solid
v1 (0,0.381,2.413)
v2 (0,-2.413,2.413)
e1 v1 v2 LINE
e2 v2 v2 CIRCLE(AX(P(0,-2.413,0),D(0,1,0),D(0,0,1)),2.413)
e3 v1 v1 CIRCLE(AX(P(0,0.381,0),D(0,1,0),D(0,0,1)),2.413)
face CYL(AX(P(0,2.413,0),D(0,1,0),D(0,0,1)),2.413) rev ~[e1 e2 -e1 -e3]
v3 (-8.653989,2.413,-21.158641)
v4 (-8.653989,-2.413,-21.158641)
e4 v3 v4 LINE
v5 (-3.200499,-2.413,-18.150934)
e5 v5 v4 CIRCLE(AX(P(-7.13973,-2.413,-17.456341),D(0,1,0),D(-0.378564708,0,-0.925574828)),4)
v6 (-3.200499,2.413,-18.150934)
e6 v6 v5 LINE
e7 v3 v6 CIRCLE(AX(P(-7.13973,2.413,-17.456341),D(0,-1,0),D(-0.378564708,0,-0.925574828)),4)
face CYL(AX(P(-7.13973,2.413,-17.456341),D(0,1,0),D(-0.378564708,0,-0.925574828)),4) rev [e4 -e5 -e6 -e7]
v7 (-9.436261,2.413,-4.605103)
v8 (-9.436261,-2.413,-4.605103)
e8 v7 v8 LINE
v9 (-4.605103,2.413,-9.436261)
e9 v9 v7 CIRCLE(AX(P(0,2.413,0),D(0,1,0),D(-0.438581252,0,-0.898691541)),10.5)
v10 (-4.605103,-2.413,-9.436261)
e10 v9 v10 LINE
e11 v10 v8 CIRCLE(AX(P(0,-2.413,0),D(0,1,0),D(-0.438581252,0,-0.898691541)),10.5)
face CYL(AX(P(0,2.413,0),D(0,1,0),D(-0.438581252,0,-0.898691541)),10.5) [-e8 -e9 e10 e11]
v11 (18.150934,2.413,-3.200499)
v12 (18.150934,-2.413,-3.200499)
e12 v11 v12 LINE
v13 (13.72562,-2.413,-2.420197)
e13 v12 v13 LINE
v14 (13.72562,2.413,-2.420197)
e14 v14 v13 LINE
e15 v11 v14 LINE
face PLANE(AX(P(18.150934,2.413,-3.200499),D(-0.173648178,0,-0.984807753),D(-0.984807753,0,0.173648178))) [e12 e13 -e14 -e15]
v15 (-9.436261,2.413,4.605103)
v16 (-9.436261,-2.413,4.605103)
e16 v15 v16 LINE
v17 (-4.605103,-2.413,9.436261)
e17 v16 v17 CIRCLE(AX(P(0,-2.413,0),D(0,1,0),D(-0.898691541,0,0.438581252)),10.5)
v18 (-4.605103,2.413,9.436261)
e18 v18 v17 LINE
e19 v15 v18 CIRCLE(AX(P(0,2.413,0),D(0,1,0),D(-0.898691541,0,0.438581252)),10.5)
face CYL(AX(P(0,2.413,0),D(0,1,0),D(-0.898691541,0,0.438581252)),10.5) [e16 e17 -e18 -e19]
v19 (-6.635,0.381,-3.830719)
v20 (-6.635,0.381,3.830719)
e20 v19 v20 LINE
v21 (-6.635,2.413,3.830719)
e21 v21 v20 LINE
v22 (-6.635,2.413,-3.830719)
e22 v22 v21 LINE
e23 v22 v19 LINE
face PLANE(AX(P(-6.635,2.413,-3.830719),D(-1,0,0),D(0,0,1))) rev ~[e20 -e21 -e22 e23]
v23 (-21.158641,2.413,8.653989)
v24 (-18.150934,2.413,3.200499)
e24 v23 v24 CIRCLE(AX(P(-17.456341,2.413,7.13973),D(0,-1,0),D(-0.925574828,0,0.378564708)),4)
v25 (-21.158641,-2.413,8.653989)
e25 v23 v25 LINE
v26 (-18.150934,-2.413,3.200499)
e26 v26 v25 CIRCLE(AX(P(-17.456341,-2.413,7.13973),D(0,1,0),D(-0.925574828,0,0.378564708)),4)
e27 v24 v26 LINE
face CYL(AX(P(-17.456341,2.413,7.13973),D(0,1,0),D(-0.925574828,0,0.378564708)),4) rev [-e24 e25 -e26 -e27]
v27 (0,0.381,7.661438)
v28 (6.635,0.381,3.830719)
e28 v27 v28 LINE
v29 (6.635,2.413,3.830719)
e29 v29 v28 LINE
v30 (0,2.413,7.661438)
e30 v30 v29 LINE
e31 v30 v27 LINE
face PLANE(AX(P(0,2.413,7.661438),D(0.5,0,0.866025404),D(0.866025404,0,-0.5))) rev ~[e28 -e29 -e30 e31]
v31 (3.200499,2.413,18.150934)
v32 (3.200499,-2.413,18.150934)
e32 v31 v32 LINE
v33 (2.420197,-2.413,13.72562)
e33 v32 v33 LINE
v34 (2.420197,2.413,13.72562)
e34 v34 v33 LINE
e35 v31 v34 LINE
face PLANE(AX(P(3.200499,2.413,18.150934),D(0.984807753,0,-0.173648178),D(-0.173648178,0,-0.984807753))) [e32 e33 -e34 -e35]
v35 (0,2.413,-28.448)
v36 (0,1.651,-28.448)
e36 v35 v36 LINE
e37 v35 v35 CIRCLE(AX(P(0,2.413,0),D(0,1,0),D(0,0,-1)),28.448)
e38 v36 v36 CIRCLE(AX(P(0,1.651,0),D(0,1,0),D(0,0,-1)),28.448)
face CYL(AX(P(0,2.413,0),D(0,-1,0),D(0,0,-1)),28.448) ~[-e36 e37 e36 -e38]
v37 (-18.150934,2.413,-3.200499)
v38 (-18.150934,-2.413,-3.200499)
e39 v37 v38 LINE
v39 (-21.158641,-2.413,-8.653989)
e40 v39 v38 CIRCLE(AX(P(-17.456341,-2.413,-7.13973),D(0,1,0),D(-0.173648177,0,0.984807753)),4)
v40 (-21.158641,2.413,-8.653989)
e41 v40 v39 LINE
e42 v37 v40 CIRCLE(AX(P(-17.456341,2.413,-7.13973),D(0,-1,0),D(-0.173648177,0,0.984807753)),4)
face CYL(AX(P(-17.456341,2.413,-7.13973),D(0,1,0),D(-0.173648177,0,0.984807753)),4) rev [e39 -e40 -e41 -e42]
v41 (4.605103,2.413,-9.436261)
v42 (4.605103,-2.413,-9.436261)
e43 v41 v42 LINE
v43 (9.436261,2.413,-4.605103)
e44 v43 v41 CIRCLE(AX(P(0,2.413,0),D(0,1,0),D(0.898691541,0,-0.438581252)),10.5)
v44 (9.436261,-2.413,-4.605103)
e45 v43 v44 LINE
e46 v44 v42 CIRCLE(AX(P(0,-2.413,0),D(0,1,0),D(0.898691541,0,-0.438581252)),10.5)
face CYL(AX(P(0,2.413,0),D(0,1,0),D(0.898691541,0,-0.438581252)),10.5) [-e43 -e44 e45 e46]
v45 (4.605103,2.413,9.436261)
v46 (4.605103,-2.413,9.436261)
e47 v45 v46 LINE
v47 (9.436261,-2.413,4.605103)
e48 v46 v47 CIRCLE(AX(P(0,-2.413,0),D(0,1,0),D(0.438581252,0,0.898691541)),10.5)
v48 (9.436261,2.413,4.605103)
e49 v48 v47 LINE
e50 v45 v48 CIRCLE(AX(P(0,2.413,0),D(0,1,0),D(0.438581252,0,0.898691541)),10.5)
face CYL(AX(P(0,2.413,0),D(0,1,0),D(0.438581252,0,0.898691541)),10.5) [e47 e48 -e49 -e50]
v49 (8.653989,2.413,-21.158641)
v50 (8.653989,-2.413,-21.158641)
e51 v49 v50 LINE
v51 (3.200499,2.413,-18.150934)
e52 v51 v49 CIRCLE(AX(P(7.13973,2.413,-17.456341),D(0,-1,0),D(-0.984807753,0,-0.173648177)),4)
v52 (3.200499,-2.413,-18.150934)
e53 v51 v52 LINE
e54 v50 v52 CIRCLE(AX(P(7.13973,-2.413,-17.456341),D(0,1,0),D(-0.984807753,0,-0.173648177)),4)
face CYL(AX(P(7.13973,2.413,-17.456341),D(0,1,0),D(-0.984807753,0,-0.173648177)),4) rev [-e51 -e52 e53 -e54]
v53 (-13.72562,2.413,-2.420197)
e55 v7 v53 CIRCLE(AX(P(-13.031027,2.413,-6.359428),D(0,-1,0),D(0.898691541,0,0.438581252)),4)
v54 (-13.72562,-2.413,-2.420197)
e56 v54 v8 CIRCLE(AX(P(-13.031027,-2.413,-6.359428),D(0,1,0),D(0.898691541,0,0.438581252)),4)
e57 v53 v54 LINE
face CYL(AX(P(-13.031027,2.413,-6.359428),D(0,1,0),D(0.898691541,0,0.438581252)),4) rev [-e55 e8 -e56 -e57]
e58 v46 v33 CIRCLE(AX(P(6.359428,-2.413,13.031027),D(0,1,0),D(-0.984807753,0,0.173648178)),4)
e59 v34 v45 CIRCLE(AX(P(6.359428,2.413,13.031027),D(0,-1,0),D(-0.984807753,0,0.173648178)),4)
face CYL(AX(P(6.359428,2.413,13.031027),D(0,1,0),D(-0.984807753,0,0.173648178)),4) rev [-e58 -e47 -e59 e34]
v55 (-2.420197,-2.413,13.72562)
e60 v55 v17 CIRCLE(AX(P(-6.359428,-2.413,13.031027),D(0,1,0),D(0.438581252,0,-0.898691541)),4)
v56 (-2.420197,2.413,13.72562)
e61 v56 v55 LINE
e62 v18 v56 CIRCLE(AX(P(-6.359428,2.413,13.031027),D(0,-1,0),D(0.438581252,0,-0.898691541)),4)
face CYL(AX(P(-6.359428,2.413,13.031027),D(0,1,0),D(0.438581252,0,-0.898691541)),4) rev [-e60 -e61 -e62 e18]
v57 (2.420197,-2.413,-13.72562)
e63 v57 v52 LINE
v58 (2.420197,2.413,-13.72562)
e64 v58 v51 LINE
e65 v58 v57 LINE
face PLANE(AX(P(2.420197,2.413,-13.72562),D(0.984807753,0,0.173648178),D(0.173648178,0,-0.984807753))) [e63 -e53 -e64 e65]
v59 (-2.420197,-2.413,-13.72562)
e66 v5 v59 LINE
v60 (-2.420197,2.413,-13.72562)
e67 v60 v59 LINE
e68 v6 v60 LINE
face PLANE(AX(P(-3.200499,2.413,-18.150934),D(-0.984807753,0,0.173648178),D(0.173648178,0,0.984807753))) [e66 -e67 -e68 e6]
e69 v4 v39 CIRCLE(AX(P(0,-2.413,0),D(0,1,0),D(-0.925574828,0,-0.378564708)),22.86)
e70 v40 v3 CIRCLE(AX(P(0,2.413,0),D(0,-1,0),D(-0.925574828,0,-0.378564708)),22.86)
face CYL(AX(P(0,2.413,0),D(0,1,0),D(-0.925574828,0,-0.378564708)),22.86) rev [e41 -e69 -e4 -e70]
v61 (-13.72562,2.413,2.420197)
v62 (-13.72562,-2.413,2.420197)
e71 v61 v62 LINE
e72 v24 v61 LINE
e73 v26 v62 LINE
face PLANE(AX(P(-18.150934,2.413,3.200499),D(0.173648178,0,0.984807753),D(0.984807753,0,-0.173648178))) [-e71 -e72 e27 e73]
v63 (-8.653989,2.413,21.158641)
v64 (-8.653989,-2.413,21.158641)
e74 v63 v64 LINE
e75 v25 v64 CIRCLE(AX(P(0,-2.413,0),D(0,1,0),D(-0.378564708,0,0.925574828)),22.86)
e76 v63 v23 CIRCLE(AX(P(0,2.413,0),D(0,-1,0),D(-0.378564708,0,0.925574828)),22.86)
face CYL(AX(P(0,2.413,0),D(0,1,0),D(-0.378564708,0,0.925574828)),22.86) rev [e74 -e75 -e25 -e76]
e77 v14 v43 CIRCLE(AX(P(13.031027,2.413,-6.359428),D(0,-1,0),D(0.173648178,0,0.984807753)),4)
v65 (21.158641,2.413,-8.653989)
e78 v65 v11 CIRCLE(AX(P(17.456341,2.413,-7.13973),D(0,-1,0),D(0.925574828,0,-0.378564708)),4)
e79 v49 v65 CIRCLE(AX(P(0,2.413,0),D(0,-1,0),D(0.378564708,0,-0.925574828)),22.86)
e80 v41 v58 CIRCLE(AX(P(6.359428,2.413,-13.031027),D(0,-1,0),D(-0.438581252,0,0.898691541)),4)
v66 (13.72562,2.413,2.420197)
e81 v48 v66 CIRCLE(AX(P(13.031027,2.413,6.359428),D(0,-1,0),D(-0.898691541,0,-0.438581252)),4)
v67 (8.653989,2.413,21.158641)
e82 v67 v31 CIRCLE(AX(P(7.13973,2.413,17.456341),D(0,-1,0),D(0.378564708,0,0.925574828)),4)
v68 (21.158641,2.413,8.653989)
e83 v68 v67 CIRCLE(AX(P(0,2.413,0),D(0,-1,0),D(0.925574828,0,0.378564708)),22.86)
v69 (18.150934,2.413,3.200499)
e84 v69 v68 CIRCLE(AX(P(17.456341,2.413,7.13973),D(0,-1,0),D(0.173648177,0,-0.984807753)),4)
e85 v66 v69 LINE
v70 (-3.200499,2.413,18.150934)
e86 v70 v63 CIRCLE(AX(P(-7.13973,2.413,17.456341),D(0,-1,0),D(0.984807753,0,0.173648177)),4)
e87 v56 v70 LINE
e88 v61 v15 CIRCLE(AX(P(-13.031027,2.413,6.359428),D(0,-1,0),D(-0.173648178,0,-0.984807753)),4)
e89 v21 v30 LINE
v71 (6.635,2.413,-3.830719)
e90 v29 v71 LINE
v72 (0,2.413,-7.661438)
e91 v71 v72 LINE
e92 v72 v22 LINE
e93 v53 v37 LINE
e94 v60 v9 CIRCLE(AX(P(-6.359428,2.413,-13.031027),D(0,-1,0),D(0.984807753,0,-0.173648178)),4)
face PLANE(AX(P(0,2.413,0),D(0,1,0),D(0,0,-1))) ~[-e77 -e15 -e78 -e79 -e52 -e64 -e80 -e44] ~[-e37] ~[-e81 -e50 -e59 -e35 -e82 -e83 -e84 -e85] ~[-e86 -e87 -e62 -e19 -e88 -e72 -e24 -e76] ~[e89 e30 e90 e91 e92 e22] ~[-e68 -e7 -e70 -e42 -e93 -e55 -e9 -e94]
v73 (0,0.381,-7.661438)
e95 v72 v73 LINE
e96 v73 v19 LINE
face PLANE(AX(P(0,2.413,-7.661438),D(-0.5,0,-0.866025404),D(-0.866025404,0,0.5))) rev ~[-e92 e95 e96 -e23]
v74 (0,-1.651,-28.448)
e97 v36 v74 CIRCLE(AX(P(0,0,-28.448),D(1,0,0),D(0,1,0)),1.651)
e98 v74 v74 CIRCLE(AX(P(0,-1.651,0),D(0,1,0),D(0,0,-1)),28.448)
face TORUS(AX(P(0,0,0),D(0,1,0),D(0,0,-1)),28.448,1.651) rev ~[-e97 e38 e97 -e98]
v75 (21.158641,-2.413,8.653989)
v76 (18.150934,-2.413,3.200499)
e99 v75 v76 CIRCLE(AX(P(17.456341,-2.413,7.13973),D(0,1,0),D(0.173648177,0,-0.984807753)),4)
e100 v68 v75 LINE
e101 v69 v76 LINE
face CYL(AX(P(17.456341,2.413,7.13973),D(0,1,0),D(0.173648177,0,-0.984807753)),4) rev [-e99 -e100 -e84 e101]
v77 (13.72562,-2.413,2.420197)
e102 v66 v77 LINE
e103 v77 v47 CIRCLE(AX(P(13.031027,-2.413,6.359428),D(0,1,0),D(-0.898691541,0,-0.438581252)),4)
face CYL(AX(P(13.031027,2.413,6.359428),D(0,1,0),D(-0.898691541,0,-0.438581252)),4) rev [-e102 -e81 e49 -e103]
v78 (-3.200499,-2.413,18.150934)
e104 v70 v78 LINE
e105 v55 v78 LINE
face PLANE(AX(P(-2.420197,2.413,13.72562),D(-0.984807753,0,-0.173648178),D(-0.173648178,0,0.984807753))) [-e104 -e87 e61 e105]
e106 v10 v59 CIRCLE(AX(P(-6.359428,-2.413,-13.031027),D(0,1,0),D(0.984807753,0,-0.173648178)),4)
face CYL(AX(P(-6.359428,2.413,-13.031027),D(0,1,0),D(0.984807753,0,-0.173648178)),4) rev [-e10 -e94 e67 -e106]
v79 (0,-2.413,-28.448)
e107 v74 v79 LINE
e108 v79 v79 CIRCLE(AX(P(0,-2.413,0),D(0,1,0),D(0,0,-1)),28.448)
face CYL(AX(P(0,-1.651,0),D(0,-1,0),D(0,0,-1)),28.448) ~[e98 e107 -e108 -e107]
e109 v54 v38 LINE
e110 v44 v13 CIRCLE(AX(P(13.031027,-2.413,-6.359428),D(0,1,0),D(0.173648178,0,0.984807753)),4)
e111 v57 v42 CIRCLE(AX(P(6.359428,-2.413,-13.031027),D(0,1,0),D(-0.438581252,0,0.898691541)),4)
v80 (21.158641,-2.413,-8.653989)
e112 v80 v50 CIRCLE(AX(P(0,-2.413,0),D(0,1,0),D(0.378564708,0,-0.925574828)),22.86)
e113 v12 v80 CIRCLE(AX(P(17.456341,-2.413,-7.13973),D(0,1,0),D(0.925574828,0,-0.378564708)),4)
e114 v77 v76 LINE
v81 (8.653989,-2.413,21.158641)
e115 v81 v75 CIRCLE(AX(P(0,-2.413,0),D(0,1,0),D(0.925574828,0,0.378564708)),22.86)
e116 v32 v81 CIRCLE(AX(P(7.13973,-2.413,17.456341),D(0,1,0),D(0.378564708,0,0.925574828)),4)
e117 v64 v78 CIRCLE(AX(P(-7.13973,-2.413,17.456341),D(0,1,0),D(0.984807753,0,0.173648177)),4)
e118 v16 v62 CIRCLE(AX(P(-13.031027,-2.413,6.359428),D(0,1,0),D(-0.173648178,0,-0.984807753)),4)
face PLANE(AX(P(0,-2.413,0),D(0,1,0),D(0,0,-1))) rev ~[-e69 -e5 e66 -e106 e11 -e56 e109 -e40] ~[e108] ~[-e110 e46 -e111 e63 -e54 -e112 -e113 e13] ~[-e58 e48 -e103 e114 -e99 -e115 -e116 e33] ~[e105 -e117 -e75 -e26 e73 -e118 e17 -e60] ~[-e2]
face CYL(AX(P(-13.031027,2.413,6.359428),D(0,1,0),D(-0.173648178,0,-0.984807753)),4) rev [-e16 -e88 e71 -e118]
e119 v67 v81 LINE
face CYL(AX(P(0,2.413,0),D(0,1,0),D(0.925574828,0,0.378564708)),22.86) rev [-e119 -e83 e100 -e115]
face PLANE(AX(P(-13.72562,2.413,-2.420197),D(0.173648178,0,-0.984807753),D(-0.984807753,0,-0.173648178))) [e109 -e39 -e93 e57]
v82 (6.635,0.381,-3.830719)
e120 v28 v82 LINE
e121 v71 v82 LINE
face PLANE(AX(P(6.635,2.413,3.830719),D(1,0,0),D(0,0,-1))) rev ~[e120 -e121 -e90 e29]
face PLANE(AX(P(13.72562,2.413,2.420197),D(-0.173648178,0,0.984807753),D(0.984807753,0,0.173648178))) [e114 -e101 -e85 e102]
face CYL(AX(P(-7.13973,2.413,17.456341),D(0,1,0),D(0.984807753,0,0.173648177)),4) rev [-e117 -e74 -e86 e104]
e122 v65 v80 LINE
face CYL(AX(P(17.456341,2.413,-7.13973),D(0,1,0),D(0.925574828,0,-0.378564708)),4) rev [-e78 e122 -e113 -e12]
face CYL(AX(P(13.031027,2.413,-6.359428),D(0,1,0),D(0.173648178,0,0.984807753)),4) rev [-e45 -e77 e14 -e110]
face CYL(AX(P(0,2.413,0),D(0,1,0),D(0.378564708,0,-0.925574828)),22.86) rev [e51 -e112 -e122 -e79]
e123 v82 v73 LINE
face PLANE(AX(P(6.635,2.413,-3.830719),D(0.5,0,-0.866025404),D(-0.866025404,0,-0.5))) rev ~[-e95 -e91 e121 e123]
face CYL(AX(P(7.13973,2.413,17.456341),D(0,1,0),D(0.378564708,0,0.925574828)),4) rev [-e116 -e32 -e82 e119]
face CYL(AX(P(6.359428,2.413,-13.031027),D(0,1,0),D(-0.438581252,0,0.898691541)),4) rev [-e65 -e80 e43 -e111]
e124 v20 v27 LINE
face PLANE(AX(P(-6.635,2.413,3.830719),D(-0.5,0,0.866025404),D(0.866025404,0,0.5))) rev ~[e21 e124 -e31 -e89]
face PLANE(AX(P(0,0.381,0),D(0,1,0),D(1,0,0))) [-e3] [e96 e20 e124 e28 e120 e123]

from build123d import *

# Parameters (mm, degrees)
CUT_EXTRUDE1_DEPTH = 41.519966486
CIRPATTERN1_COUNT  = 4
CUT_EXTRUDE2_DEPTH = 2.032
SKETCH7_R          = 2.413
CUT_EXTRUDE3_DEPTH = 41.519966486


with BuildPart() as part:
    # Sketch1 → Revolve1 (revolve)
    with BuildSketch(Plane(origin=(0, 0, 0), x_dir=(0, 0, -1), z_dir=(1, 0, 0))):
        with BuildLine():
            Line((0, -1.651), (0, 1.651))
            Line((0, 1.651), (0, 2.413))
            Line((0, 2.413), (-28.448, 2.413))
            Line((-28.448, 2.413), (-28.448, 1.651))
            ThreePointArc((-28.448, 1.651), (-26.797, 0), (-28.448, -1.651))
            Line((-28.448, -1.651), (-28.448, -2.413))
            Line((-28.448, -2.413), (0, -2.413))
            Line((0, -2.413), (0, -1.651))
        make_face()
    revolve(axis=Axis((0, -1.651, 0), (0, 1, 0)))

    # Sketch4 → Cut-Extrude1 (cut, through all)
    with BuildSketch(Plane(origin=(0, 2.413, 0), x_dir=(1, 0, 0), z_dir=(0, 1, 0))):
        with BuildLine():
            Line((-18.150933962, -3.200499383), (-13.725620051, -2.420197142))
            ThreePointArc((-13.725620051, -2.420197142), (-11.215481947, -2.795189817), (-9.436261178, -4.605103146))
            ThreePointArc((-9.436261178, -4.605103146), (-7.424621202, -7.424621202), (-4.605103146, -9.436261178))
            ThreePointArc((-4.605103146, -9.436261178), (-2.795189817, -11.215481947), (-2.420197142, -13.725620051))
            Line((-2.420197142, -13.725620051), (-3.200499383, -18.150933962))
            ThreePointArc((-3.200499383, -18.150933962), (-5.207970247, -20.958954952), (-8.653989227, -21.158640563))
            ThreePointArc((-8.653989227, -21.158640563), (-16.164461018, -16.164461018), (-21.158640563, -8.653989227))
            ThreePointArc((-21.158640563, -8.653989227), (-20.958954952, -5.207970247), (-18.150933962, -3.200499383))
        make_face()
    cut_extrude1 = extrude(amount=-CUT_EXTRUDE1_DEPTH, mode=Mode.SUBTRACT)

    # CirPattern1: Cut-Extrude1 ×4 about axis
    cirpattern1_axis = Axis((0, 2.413, 0), (0, -1, 0))
    for i in range(1, CIRPATTERN1_COUNT):
        add(cut_extrude1.rotate(cirpattern1_axis, i * 360 / CIRPATTERN1_COUNT), mode=Mode.SUBTRACT)

    # Sketch6 → Cut-Extrude2 (cut)
    with BuildSketch(Plane(origin=(0, 2.413, 0), x_dir=(1, 0, 0), z_dir=(0, 1, 0))):
        Polygon((0, 7.661438072), (-6.635, 3.830719036), (-6.635, -3.830719036), (0, -7.661438072), (6.635, -3.830719036), (6.635, 3.830719036), align=None)
    extrude(amount=-CUT_EXTRUDE2_DEPTH, mode=Mode.SUBTRACT)

    # Sketch7 → Cut-Extrude3 (cut, through all)
    with BuildSketch(Plane(origin=(0, 2.413, 0), x_dir=(1, 0, 0), z_dir=(0, 1, 0))):
        Circle(SKETCH7_R)
    extrude(amount=-CUT_EXTRUDE3_DEPTH, mode=Mode.SUBTRACT)


solid = part.part
